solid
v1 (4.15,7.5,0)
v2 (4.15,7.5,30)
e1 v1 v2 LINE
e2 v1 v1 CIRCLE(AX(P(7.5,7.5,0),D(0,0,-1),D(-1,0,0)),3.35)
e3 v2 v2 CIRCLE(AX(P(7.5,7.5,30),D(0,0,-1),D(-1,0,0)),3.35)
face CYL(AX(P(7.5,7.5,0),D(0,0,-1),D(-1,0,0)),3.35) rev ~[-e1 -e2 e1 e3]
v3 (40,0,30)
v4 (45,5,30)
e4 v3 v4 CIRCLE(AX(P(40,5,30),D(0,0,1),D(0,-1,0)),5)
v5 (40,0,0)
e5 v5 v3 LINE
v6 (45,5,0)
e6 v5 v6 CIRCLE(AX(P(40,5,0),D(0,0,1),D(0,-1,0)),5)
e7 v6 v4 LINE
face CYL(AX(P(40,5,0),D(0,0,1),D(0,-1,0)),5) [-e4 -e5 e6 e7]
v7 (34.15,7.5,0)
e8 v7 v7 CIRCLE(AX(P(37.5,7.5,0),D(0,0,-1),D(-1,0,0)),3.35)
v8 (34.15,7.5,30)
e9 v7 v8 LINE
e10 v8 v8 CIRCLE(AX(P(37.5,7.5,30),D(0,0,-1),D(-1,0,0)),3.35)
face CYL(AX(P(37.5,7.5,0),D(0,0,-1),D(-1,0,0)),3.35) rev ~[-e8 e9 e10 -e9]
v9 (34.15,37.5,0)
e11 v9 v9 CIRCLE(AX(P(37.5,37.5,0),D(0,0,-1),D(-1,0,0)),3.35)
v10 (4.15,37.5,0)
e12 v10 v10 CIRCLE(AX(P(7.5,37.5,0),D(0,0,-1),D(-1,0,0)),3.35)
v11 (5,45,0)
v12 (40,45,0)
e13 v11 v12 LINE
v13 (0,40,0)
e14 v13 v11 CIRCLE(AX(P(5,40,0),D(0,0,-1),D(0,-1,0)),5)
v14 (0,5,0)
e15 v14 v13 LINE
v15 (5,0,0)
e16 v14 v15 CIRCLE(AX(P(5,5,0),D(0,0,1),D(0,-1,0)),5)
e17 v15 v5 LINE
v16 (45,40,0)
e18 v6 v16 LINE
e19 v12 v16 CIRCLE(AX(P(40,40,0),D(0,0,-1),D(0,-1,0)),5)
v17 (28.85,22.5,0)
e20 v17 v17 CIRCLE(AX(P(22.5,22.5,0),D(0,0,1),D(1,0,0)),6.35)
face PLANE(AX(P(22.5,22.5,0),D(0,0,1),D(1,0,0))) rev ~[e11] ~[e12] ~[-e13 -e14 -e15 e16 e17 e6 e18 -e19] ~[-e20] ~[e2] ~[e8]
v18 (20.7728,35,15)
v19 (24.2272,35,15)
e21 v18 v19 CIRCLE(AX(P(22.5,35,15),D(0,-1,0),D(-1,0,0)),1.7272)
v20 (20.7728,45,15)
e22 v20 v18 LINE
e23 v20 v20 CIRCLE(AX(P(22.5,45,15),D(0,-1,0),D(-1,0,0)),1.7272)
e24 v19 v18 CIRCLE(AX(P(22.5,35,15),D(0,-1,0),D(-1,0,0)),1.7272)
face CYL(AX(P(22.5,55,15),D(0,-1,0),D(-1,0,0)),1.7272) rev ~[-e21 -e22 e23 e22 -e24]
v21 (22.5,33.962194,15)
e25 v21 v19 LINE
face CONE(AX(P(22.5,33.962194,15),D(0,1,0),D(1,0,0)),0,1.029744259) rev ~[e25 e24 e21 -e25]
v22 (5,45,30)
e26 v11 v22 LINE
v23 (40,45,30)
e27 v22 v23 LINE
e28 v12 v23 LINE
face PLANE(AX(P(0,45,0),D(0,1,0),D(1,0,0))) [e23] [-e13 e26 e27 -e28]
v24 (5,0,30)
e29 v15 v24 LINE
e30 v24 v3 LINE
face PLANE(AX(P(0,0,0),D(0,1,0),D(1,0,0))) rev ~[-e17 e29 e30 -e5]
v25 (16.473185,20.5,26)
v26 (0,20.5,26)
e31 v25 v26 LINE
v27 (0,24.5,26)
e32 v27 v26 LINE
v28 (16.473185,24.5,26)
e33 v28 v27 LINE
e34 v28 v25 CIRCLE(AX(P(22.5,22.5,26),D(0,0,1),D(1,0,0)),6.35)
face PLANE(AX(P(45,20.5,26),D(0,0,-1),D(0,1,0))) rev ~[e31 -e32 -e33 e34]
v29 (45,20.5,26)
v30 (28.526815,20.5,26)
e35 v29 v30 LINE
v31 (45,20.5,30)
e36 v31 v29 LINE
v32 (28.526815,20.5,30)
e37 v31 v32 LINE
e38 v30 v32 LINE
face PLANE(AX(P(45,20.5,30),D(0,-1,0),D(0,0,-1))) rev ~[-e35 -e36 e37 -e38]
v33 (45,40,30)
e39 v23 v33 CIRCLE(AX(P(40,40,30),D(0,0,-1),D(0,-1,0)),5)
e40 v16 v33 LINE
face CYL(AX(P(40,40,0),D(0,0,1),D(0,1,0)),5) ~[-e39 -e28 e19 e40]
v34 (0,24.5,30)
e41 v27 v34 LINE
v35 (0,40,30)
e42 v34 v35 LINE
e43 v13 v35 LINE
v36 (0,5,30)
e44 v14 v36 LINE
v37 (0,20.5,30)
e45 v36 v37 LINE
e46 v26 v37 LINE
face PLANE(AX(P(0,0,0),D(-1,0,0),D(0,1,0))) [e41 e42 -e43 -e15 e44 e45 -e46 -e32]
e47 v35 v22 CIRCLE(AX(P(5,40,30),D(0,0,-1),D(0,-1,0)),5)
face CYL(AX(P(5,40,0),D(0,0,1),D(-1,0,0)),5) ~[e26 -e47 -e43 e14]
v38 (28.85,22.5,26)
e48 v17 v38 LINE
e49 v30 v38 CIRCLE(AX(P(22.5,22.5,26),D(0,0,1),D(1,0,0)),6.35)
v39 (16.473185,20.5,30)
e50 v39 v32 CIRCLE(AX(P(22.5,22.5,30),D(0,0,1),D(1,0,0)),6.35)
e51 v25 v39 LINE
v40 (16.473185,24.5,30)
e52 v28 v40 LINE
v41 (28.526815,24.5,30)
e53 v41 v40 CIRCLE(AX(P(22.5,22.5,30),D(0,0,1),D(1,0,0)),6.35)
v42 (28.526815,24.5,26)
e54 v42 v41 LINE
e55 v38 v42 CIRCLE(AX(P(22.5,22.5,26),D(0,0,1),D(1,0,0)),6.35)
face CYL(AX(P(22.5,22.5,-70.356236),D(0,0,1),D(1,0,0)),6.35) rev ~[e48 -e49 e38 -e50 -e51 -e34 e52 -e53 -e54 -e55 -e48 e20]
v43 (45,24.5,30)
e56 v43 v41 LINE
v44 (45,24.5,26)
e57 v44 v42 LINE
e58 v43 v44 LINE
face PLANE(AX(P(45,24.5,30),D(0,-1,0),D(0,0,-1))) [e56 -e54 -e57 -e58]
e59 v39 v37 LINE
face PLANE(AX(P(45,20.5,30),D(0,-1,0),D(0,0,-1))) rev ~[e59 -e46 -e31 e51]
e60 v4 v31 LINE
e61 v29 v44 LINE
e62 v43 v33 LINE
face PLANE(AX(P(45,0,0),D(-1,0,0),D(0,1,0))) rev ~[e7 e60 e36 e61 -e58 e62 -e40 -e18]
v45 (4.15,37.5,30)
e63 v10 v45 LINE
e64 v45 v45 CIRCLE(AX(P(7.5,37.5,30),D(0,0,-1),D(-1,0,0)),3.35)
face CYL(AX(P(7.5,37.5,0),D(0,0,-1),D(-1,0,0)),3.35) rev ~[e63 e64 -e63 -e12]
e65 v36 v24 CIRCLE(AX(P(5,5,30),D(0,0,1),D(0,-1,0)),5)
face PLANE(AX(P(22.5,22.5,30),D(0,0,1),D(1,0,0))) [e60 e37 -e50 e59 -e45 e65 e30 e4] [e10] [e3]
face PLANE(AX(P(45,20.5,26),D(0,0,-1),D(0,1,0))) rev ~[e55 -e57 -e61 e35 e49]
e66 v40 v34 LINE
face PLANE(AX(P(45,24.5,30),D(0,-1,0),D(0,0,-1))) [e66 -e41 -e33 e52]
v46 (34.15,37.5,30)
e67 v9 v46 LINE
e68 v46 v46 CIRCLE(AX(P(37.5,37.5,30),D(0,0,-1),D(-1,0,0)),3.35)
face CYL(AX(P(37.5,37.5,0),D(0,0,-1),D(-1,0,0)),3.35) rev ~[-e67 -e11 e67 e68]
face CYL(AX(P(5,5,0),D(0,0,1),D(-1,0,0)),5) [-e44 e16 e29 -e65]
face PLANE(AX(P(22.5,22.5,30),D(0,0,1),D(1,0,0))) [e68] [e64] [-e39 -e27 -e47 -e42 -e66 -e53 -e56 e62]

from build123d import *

# Parameters (mm, degrees)
SKETCH1_W                  = 45
SKETCH1_H                  = 45
BOSS_EXTRUDE1_DEPTH        = 30
SKETCH2_R                  = 3.35
CUT_EXTRUDE1_DEPTH         = 31
SKETCH3_W                  = 4
SKETCH3_H                  = 4
PIEZOWIREFEEDTHROUGH_DEPTH = 46
ALIGNMENTHOLE_D            = 3.4544
ALIGNMENTHOLE_DEPTH        = 10
ALIGNMENTHOLE_TIP          = 1.037806461
F_0_535_40_TAPPED_HOLE1_D  = 12.7
FILLET1_R                  = 5


with BuildPart() as part:
    # Sketch1 → Boss-Extrude1 (new body)
    with BuildSketch(Plane.XY):
        with Locations((22.5, 22.5)):
            Rectangle(SKETCH1_W, SKETCH1_H)
    extrude(amount=BOSS_EXTRUDE1_DEPTH)

    # Sketch2 → Cut-Extrude1 (cut, through all)
    with BuildSketch(Plane(origin=(0, 0, 0), x_dir=(-1, 0, 0), z_dir=(0, 0, -1))):
        with Locations((-37.5, 37.5)):
            Circle(SKETCH2_R)
        with Locations((-7.5, 37.5)):
            Circle(SKETCH2_R)
        with Locations((-37.5, 7.5)):
            Circle(SKETCH2_R)
        with Locations((-7.5, 7.5)):
            Circle(SKETCH2_R)
    extrude(amount=-CUT_EXTRUDE1_DEPTH, mode=Mode.SUBTRACT)

    # Sketch3 → PiezoWireFeedthrough (cut, through all)
    with BuildSketch(Plane(origin=(45, 0, 0), x_dir=(0, 0, -1), z_dir=(1, 0, 0))):
        with Locations((-28, 22.5)):
            Rectangle(SKETCH3_W, SKETCH3_H)
    extrude(amount=-PIEZOWIREFEEDTHROUGH_DEPTH, mode=Mode.SUBTRACT)

    # AlignmentHole
    with Locations(Plane(origin=(0, 45, 0), x_dir=(1, 0, 0), z_dir=(0, 1, 0))):
        with Locations((22.5, -15)):
            Hole(ALIGNMENTHOLE_D / 2, depth=ALIGNMENTHOLE_DEPTH)
            with Locations((0, 0, -(ALIGNMENTHOLE_DEPTH + ALIGNMENTHOLE_TIP / 2))):  # 118° drill point
                Cone(0, ALIGNMENTHOLE_D / 2, ALIGNMENTHOLE_TIP, mode=Mode.SUBTRACT)

    # 0.535-40 Tapped Hole1 (through all)
    with Locations(Plane(origin=(0, 0, 0), x_dir=(-1, 0, 0), z_dir=(0, 0, -1))):
        with Locations((-22.5, 22.5)):
            Hole(F_0_535_40_TAPPED_HOLE1_D / 2)

    # Fillet1
    fillet1_edges = [part.edges().sort_by_distance(p)[0] for p in [
        (0, 45, 15),
        (45, 45, 15),
        (45, 0, 15),
        (0, 0, 15),
    ]]
    fillet(fillet1_edges, radius=FILLET1_R)


solid = part.part
